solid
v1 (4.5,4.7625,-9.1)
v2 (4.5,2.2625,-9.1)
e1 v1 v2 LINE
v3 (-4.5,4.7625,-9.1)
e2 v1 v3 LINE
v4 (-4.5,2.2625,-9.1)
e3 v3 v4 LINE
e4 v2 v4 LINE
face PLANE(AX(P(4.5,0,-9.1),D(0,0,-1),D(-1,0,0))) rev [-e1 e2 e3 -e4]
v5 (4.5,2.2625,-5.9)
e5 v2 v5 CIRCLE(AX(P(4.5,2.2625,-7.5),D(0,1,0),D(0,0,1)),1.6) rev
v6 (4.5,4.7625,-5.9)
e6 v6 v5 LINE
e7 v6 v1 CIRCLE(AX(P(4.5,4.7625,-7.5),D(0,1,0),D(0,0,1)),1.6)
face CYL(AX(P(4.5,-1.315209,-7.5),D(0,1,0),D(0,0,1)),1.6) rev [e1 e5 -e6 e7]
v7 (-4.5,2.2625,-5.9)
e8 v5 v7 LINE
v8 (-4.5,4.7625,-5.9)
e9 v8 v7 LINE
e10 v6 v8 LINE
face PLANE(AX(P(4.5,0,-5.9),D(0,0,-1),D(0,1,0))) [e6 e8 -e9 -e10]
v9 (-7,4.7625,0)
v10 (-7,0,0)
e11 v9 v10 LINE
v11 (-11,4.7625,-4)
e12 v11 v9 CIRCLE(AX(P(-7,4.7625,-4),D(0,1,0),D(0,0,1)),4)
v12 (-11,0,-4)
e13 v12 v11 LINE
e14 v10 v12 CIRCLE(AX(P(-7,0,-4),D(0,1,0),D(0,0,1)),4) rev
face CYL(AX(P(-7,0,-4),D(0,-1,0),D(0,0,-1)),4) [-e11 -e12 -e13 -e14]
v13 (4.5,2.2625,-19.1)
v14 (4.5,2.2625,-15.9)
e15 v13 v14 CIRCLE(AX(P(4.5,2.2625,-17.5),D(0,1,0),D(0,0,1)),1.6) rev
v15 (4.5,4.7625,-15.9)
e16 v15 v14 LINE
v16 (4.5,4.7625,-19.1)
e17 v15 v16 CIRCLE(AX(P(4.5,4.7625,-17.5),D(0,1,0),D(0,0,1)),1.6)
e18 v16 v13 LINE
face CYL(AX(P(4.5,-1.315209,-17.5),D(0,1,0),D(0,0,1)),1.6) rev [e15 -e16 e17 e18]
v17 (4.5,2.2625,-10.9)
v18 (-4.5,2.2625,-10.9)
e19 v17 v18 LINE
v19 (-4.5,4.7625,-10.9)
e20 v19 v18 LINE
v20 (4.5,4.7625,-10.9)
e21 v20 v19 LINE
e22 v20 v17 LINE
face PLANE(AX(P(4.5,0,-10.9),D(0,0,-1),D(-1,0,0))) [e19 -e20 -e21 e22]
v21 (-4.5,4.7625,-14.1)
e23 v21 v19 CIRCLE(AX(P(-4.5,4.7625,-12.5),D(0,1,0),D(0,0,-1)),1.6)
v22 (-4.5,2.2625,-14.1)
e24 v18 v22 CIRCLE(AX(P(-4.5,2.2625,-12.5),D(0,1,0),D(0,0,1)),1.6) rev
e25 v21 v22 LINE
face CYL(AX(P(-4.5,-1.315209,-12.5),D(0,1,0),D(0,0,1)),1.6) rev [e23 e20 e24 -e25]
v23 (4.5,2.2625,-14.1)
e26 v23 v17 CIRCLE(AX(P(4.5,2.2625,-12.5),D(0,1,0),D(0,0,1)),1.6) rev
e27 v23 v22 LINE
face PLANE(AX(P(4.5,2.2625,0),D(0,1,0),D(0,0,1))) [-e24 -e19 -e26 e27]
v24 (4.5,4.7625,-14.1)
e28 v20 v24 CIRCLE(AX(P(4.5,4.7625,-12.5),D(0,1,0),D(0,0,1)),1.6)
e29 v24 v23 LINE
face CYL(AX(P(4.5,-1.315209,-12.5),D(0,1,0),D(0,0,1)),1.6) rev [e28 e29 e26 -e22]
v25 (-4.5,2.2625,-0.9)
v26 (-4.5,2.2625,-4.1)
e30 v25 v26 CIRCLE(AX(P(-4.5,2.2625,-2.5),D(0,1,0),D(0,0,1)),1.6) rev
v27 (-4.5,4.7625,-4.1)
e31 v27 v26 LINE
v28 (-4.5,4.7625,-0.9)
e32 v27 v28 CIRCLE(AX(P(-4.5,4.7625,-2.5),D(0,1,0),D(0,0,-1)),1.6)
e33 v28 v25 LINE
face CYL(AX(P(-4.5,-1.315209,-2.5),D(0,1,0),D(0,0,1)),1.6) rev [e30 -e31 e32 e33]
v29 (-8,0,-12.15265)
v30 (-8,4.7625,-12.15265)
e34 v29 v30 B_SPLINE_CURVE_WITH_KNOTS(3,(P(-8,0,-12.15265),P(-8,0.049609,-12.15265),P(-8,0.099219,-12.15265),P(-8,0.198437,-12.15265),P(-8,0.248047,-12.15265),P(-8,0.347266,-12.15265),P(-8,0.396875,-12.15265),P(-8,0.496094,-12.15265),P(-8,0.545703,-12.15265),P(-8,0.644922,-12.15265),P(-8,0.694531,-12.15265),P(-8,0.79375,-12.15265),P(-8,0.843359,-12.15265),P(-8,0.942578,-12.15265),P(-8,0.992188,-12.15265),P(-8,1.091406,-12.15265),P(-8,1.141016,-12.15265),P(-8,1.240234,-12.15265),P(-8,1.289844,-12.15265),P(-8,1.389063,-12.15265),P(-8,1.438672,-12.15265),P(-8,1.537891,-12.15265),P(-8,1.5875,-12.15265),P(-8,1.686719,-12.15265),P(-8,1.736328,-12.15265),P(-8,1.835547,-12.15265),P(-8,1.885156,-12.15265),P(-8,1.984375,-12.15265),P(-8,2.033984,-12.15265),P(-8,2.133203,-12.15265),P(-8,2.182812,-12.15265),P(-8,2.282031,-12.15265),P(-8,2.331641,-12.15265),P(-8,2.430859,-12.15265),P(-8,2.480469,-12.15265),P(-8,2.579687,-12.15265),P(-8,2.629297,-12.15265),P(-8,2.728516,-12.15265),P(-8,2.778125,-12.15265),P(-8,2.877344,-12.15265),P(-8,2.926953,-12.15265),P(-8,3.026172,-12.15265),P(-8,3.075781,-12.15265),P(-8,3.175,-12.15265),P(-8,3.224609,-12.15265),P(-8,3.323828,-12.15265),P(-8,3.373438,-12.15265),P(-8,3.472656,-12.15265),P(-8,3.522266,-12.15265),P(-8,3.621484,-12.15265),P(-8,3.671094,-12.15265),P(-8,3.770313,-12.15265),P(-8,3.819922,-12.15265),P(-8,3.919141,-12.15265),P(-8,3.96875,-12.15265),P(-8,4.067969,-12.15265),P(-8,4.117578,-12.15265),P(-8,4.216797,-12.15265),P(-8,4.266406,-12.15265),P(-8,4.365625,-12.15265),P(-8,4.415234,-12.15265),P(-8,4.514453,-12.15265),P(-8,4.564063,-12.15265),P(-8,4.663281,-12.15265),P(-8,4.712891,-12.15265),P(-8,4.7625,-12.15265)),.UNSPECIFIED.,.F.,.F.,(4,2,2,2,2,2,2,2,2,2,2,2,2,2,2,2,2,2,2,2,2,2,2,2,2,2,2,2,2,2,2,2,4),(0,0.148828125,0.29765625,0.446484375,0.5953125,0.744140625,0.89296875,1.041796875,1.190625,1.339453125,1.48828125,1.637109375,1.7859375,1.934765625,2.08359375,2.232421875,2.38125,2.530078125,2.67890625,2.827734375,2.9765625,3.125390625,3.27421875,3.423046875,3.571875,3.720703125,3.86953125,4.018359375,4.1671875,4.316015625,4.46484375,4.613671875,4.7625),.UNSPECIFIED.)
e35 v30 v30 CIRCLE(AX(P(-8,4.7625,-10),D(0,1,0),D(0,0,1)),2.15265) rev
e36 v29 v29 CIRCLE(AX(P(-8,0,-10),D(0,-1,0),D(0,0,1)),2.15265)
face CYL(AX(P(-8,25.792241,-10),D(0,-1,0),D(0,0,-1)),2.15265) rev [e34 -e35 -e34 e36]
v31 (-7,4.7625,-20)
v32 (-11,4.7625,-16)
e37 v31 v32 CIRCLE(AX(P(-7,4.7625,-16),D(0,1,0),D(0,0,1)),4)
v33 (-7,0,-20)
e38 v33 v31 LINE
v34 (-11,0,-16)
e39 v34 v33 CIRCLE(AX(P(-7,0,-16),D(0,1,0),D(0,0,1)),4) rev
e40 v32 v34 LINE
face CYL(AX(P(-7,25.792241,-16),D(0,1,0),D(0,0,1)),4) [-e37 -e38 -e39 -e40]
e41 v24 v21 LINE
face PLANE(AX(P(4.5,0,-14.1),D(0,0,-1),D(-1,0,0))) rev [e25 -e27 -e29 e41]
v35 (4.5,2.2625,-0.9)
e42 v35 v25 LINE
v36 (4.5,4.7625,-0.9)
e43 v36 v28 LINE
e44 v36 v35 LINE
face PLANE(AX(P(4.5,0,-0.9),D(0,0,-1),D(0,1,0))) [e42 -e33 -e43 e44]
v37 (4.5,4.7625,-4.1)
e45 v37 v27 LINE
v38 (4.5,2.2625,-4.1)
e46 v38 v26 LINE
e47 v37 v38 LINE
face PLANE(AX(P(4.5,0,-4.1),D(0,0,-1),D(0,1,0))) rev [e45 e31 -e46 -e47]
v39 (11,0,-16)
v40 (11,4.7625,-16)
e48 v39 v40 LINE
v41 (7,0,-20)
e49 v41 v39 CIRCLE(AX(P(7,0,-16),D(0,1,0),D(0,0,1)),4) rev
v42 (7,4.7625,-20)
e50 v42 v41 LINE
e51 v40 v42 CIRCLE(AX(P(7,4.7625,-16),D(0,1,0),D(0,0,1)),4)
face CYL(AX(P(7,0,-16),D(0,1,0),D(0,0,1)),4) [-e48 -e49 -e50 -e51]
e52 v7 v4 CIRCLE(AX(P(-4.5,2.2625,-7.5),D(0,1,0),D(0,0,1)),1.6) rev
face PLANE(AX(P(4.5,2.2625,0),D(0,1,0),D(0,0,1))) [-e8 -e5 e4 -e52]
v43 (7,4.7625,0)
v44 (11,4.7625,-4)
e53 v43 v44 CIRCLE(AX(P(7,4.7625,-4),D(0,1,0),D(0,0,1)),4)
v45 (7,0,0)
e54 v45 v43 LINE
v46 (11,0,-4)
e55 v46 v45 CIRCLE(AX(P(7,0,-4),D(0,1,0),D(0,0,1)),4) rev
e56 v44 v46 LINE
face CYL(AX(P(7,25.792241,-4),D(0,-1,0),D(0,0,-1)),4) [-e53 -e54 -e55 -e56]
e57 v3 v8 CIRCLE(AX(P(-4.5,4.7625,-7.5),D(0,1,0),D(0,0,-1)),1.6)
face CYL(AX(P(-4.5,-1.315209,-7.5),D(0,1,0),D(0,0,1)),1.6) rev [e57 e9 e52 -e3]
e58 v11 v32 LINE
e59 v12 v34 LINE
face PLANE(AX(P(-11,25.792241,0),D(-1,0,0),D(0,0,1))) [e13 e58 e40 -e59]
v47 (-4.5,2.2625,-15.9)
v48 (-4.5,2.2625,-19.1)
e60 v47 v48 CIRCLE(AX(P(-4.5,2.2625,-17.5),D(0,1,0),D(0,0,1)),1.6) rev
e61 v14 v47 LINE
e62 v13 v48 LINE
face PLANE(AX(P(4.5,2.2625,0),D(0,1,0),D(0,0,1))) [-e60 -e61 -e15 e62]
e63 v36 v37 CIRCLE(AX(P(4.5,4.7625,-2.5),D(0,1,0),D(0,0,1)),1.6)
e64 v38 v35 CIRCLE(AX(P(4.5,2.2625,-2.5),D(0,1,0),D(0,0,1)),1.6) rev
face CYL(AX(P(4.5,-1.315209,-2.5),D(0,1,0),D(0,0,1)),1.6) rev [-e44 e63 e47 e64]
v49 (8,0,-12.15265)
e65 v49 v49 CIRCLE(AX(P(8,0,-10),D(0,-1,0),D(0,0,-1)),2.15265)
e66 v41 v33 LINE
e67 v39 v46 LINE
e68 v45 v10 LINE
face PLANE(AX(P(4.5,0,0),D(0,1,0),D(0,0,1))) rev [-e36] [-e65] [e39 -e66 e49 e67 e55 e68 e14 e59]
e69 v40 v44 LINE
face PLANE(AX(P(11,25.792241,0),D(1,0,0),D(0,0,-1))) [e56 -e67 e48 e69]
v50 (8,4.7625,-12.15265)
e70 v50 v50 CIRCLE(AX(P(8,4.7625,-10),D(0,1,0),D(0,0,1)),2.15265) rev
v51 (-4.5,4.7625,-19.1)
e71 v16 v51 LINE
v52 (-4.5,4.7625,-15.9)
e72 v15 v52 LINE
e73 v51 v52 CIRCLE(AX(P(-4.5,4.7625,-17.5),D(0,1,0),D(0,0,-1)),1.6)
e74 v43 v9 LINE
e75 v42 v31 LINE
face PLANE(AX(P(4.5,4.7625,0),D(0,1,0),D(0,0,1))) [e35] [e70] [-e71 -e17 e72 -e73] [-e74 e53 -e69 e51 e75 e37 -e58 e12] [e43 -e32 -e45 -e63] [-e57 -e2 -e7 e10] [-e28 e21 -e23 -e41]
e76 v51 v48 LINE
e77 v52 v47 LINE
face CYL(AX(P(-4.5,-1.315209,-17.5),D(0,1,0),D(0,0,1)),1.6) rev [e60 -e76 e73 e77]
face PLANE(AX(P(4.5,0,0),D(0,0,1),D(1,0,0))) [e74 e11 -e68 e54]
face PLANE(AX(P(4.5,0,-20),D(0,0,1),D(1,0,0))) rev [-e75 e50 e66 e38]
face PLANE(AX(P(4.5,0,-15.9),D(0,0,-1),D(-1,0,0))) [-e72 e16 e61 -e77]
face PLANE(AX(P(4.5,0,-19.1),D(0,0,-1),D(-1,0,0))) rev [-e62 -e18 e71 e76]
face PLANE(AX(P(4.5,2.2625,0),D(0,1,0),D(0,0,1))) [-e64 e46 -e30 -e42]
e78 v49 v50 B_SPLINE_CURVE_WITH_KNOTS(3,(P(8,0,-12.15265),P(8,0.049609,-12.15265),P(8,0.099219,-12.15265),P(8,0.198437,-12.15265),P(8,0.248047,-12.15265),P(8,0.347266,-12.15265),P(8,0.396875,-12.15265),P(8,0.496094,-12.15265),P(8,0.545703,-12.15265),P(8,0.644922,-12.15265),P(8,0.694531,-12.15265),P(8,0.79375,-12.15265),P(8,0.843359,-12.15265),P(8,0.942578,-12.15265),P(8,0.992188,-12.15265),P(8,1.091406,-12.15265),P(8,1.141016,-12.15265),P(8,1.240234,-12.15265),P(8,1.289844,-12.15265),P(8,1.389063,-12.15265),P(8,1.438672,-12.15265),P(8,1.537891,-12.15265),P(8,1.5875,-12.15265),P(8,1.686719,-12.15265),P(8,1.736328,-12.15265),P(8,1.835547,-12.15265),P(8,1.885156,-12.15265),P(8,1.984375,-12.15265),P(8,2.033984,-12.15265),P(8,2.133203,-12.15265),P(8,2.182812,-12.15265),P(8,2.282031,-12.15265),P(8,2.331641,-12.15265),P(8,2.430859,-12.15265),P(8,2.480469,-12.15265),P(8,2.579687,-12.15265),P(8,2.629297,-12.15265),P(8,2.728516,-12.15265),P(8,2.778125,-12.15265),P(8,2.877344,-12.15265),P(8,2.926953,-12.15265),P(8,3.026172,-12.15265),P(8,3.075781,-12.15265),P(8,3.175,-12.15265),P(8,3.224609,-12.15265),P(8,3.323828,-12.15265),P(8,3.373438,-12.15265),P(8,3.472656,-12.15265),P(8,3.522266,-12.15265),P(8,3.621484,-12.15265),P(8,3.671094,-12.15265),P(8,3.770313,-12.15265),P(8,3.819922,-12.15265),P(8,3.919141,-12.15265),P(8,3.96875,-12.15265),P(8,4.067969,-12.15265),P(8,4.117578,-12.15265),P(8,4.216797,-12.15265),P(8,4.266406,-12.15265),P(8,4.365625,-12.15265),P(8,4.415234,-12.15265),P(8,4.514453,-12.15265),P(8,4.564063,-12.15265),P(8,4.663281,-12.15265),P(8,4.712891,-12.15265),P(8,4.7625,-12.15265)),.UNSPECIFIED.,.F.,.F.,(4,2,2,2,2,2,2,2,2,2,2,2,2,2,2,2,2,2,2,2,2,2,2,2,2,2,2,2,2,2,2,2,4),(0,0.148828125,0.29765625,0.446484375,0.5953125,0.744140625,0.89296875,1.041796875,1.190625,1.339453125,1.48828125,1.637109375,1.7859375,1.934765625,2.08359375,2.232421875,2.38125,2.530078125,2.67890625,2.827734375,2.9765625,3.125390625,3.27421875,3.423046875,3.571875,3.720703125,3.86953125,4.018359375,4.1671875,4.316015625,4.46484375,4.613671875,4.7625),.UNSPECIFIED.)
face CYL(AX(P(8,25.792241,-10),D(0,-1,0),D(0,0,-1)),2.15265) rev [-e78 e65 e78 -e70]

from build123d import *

# Parameters (mm, degrees)
BOSS_EXTRUDE1_DEPTH = 4.5
SKETCH3_W           = 6.5
SKETCH3_H           = 20
SKETCH3_R           = 2.15265
BOSS_EXTRUDE2_DEPTH = 4.7625
CUT_EXTRUDE1_DEPTH  = 2.5
FILLET1_R           = 4


with BuildPart() as part:
    # Sketch1 → Boss-Extrude1 (new, symmetric)
    with BuildSketch(Plane(origin=(0, 0, 0), x_dir=(0, 0, -1), z_dir=(1, 0, 0))):
        Polygon((5.9, 2.2625), (5.9, 4.7625), (4.1, 4.7625), (4.1, 2.2625), (0.9, 2.2625), (0.9, 4.7625), (0, 4.7625), (0, 0), (20, 0), (20, 4.7625), (19.1, 4.7625), (19.1, 2.2625), (15.9, 2.2625), (15.9, 4.7625), (14.1, 4.7625), (14.1, 2.2625), (10.9, 2.2625), (10.9, 4.7625), (9.1, 4.7625), (9.1, 2.2625), align=None)
    extrude(amount=BOSS_EXTRUDE1_DEPTH, both=True)

    # Sketch3 → Boss-Extrude2 (add)
    # profile 1 of 2: a face of its own
    with BuildSketch(Plane.XZ):
        with Locations((7.75, -10)):
            Rectangle(SKETCH3_W, SKETCH3_H)
        with Locations(Location((8, -10, 0), (0, 0, 270))):
            Circle(SKETCH3_R, mode=Mode.SUBTRACT)
    # profile 2 of 2: a face of its own
    with BuildSketch(Plane.XZ):
        with Locations((-7.75, -10)):
            Rectangle(SKETCH3_W, SKETCH3_H)
        with Locations(Location((-8, -10, 0), (0, 0, 270))):
            Circle(SKETCH3_R, mode=Mode.SUBTRACT)
    extrude(amount=-BOSS_EXTRUDE2_DEPTH)

    # Sketch4 → Cut-Extrude1 (cut)
    with BuildSketch(Plane(origin=(0, 4.7625, 0), x_dir=(1, 0, 0), z_dir=(0, 1, 0))):
        with BuildLine():
            Line((4.5, 0.9), (4.5, 4.1))
            ThreePointArc((4.5, 4.1), (6.1, 2.5), (4.5, 0.9))
        make_face()
        with BuildLine():
            Line((4.5, 5.9), (4.5, 9.1))
            ThreePointArc((4.5, 9.1), (6.1, 7.5), (4.5, 5.9))
        make_face()
        with BuildLine():
            Line((4.5, 10.9), (4.5, 14.1))
            ThreePointArc((4.5, 14.1), (6.1, 12.5), (4.5, 10.9))
        make_face()
        with BuildLine():
            Line((4.5, 15.9), (4.5, 19.1))
            ThreePointArc((4.5, 19.1), (6.1, 17.5), (4.5, 15.9))
        make_face()
        with BuildLine():
            Line((-4.5, 15.9), (-4.5, 19.1))
            ThreePointArc((-4.5, 19.1), (-6.1, 17.5), (-4.5, 15.9))
        make_face()
        with BuildLine():
            Line((-4.5, 10.9), (-4.5, 14.1))
            ThreePointArc((-4.5, 14.1), (-6.1, 12.5), (-4.5, 10.9))
        make_face()
        with BuildLine():
            Line((-4.5, 5.9), (-4.5, 9.1))
            ThreePointArc((-4.5, 9.1), (-6.1, 7.5), (-4.5, 5.9))
        make_face()
        with BuildLine():
            Line((-4.5, 0.9), (-4.5, 4.1))
            ThreePointArc((-4.5, 4.1), (-6.1, 2.5), (-4.5, 0.9))
        make_face()
    extrude(amount=-CUT_EXTRUDE1_DEPTH, mode=Mode.SUBTRACT)

    # Fillet1
    fillet1_edges = [part.edges().sort_by_distance(p)[0] for p in [
        (11, 2.38125, 0),
        (11, 2.38125, -20),
        (-11, 2.38125, -20),
        (-11, 2.38125, 0),
    ]]
    fillet(fillet1_edges, radius=FILLET1_R)


solid = part.part
